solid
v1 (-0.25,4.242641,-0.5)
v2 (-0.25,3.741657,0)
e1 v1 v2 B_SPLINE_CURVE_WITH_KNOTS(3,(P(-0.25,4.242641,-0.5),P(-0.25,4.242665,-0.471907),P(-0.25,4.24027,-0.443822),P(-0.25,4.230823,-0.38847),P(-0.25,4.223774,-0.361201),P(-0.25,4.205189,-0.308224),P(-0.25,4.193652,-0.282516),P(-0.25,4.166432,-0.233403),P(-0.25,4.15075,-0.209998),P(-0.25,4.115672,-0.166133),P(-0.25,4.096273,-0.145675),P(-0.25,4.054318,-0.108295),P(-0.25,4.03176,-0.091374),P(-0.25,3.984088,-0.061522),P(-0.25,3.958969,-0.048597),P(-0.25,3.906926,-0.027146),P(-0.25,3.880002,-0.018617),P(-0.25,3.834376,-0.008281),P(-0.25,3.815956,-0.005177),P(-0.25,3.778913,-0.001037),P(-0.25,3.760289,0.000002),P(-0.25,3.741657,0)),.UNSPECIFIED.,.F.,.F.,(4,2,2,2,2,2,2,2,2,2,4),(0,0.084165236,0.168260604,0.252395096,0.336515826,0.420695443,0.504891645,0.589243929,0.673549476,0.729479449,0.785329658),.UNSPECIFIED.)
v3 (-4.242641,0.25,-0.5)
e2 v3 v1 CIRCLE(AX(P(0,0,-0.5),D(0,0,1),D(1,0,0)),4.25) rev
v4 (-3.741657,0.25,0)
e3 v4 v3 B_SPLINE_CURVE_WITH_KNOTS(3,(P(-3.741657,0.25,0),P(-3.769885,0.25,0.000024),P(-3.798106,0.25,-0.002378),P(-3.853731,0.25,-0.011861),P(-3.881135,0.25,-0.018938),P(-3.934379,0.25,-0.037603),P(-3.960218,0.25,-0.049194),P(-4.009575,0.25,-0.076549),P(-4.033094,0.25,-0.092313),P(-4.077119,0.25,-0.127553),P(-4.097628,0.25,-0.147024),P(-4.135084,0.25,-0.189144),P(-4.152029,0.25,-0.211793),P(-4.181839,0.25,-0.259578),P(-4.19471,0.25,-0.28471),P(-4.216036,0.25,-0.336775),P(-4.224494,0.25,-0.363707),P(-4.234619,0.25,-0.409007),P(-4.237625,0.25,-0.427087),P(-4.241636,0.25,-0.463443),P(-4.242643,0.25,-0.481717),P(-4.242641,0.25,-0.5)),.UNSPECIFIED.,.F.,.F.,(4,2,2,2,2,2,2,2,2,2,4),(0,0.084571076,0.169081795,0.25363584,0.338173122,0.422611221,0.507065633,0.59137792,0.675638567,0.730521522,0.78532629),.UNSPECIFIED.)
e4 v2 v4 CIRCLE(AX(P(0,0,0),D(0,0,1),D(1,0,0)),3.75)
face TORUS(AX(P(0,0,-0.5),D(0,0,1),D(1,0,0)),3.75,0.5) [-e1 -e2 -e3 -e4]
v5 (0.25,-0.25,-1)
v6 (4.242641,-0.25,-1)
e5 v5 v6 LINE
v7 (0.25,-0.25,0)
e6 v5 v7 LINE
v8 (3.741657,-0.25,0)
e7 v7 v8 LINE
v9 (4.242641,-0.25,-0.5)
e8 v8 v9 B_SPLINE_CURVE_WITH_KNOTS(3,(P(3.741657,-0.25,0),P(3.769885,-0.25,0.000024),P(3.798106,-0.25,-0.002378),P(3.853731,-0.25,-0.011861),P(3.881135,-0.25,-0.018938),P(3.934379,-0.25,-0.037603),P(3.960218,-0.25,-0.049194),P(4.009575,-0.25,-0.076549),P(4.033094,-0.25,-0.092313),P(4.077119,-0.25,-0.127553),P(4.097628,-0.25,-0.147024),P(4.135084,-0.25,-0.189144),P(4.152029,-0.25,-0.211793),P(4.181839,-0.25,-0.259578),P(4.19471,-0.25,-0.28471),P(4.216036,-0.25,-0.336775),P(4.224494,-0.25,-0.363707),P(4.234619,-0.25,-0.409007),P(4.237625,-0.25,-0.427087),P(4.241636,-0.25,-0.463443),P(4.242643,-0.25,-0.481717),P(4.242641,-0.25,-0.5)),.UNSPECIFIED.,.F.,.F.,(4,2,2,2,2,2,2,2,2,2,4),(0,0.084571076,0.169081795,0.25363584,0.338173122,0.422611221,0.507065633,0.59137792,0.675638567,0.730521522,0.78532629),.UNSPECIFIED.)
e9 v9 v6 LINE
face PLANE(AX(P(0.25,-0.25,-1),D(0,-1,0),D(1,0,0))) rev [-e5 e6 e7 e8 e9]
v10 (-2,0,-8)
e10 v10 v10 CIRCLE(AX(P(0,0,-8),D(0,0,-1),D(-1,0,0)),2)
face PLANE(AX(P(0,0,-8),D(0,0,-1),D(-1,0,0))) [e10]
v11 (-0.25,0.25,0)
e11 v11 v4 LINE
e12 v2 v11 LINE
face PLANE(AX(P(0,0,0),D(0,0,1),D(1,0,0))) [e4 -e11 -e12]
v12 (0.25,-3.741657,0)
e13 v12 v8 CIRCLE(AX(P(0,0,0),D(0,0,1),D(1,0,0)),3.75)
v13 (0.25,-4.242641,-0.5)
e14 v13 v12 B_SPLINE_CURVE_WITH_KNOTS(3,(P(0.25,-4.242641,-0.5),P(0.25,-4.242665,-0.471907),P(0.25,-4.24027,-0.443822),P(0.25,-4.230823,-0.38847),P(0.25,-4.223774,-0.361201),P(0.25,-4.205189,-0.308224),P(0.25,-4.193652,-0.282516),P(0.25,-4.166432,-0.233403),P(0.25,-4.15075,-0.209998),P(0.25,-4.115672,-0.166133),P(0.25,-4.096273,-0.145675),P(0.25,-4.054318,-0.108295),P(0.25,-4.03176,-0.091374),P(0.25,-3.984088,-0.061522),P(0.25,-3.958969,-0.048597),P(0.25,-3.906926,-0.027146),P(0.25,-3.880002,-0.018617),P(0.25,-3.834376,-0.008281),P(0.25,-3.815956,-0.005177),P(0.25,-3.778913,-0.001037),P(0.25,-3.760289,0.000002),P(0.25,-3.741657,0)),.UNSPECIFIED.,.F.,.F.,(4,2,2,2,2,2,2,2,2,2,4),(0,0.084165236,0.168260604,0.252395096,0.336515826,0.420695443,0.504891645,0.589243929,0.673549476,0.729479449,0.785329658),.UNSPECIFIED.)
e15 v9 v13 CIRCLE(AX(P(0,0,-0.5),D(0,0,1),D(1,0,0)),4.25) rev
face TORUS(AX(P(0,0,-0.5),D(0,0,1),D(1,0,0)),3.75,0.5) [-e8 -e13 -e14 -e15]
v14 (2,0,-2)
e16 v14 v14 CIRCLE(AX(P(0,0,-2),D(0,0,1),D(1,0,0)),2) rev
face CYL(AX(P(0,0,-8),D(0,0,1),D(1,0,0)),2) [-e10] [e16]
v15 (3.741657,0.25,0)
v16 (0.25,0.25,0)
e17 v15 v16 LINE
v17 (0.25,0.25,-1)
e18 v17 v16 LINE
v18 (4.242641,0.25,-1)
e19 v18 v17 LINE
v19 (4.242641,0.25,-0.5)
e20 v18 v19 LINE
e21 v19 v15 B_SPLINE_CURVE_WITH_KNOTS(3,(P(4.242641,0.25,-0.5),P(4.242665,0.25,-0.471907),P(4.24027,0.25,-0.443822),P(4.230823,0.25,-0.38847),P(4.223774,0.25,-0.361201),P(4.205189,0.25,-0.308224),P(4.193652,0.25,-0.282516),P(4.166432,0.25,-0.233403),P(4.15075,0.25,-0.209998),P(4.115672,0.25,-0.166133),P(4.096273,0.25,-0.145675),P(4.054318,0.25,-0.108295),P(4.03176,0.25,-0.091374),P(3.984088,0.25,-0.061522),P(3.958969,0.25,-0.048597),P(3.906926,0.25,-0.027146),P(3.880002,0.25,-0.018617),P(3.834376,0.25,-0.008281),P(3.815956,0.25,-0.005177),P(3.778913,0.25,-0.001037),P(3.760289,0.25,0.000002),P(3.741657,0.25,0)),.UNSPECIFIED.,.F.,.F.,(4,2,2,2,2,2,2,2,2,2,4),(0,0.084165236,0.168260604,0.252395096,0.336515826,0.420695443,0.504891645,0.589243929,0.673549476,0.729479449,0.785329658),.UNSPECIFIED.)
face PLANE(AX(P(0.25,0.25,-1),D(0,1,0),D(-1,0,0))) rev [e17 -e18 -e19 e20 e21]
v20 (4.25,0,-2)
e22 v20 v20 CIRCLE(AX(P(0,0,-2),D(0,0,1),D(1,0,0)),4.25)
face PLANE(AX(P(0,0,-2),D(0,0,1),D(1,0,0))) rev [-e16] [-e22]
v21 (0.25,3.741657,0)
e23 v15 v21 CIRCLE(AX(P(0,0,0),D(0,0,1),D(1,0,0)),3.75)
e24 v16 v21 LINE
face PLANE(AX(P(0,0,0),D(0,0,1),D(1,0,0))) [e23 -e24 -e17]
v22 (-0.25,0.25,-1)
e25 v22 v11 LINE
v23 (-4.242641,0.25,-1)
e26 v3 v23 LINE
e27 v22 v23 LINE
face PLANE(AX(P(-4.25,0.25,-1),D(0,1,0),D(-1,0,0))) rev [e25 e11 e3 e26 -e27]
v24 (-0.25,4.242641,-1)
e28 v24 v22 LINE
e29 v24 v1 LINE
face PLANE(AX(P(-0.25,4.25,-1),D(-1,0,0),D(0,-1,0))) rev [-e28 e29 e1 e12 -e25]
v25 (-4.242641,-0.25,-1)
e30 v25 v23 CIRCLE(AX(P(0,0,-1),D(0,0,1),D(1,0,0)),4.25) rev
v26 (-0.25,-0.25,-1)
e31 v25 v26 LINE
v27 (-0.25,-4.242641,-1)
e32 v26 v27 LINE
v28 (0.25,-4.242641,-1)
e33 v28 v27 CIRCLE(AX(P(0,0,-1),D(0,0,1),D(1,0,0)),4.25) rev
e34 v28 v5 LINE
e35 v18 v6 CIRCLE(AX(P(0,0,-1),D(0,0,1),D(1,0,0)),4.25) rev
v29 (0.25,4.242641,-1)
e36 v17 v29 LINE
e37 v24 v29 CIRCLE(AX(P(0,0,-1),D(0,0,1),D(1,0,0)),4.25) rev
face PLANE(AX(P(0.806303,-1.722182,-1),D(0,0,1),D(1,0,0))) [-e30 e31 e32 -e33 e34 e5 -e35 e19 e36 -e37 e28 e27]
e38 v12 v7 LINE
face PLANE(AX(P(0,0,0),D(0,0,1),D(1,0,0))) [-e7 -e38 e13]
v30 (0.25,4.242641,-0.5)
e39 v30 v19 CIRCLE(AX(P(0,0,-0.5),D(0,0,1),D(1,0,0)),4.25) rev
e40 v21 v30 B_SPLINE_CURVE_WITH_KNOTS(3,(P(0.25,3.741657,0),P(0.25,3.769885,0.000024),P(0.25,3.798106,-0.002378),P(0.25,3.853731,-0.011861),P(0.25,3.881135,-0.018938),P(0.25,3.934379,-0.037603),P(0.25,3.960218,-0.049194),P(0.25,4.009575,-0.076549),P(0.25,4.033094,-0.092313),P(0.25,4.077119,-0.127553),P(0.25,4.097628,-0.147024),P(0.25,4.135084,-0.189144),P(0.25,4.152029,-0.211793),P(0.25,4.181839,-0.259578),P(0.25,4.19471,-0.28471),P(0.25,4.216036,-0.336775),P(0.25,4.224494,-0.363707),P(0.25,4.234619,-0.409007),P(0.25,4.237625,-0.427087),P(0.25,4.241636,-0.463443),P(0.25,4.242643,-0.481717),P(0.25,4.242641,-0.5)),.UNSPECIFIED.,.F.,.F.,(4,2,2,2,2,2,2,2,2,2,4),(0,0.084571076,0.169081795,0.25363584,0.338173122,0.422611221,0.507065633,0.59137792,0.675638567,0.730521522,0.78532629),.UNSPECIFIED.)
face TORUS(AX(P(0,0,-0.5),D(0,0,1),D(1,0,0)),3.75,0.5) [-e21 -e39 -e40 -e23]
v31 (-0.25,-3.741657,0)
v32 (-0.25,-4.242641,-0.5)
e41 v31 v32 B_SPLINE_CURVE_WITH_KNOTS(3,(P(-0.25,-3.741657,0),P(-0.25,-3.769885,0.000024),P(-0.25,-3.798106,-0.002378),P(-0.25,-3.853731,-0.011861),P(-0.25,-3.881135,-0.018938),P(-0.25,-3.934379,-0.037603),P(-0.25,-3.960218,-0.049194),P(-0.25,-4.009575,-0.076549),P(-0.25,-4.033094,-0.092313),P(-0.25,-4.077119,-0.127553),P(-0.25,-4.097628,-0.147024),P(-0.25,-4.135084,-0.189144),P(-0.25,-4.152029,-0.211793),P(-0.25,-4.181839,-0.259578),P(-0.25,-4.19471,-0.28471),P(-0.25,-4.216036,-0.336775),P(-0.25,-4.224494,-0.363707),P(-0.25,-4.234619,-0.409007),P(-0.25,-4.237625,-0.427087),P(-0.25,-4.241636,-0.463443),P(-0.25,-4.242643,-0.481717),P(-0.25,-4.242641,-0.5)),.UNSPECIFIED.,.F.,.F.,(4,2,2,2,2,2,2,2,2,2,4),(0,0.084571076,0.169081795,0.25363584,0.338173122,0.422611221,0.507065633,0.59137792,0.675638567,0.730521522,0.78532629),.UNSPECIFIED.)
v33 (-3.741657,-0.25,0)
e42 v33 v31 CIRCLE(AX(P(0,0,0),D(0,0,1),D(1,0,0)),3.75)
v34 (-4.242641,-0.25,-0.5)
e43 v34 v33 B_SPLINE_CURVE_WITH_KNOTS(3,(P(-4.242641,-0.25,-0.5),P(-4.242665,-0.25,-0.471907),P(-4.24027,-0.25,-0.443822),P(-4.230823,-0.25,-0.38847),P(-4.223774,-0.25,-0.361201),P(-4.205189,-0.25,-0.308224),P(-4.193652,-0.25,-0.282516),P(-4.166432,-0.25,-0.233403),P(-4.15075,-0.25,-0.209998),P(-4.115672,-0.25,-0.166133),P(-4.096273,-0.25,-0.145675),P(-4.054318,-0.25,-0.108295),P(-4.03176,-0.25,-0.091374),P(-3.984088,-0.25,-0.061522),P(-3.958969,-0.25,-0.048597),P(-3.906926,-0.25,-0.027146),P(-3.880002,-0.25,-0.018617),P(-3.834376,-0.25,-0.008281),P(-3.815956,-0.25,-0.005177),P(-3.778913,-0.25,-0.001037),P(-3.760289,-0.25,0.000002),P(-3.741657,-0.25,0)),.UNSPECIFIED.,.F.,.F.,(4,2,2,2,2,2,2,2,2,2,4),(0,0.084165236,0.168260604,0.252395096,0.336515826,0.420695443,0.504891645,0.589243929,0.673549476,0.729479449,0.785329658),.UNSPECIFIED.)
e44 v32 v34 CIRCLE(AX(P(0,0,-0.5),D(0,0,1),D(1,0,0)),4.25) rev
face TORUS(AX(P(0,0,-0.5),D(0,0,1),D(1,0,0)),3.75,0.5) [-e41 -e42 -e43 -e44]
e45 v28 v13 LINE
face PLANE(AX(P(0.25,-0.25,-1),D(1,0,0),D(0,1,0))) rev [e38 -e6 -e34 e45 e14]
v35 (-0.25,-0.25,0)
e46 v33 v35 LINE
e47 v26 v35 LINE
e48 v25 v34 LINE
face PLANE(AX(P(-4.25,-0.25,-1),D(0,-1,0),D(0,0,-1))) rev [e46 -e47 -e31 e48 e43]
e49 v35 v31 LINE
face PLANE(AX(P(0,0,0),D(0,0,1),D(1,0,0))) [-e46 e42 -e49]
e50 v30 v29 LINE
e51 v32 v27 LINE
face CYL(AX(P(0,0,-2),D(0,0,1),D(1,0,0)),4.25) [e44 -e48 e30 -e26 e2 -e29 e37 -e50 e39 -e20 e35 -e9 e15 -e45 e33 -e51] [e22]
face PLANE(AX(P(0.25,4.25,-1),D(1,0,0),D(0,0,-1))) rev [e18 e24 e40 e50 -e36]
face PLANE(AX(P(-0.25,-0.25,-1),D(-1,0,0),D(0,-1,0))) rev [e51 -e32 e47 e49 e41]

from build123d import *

# Parameters (mm, degrees)
SKETCH1_R           = 4.25
BOSS_EXTRUDE1_DEPTH = 2
SKETCH2_R           = 2
BOSS_EXTRUDE2_DEPTH = 6
CUT_EXTRUDE1_DEPTH  = 1
FILLET1_R           = 0.5


with BuildPart() as part:
    # Sketch1 → Boss-Extrude1 (new body)
    with BuildSketch(Plane.XY):
        Circle(SKETCH1_R)
    extrude(amount=-BOSS_EXTRUDE1_DEPTH)

    # Sketch2 → Boss-Extrude2 (add)
    with BuildSketch(Plane(origin=(0, 0, -2), x_dir=(-1, 0, 0), z_dir=(0, 0, -1))):
        with Locations(Location((0, 0, 0), (0, 0, 180))):
            Circle(SKETCH2_R)
    extrude(amount=BOSS_EXTRUDE2_DEPTH)

    # Sketch3 → Cut-Extrude1 (cut)
    with BuildSketch(Plane.XY):
        Polygon((-4.25, -0.25), (-0.25, -0.25), (-0.25, -4.25), (0.125, -4.817995393), (0.25, -4.25), (0.25, -0.25), (4.25, -0.25), (4.809434234, 0), (4.25, 0.25), (0.25, 0.25), (0.25, 4.25), (0, 4.809434234), (-0.25, 4.25), (-0.25, 0.25), (-4.25, 0.25), (-4.9274721, -0.052748768), align=None)
    extrude(amount=-CUT_EXTRUDE1_DEPTH, mode=Mode.SUBTRACT)

    # Fillet1
    fillet1_edges = [part.edges().sort_by_distance(p)[0] for p in [
        (-3.00520382, 3.00520382, 0),
        (-3.00520382, -3.00520382, 0),
        (3.00520382, -3.00520382, 0),
        (3.00520382, 3.00520382, 0),
    ]]
    fillet(fillet1_edges, radius=FILLET1_R)


solid = part.part
